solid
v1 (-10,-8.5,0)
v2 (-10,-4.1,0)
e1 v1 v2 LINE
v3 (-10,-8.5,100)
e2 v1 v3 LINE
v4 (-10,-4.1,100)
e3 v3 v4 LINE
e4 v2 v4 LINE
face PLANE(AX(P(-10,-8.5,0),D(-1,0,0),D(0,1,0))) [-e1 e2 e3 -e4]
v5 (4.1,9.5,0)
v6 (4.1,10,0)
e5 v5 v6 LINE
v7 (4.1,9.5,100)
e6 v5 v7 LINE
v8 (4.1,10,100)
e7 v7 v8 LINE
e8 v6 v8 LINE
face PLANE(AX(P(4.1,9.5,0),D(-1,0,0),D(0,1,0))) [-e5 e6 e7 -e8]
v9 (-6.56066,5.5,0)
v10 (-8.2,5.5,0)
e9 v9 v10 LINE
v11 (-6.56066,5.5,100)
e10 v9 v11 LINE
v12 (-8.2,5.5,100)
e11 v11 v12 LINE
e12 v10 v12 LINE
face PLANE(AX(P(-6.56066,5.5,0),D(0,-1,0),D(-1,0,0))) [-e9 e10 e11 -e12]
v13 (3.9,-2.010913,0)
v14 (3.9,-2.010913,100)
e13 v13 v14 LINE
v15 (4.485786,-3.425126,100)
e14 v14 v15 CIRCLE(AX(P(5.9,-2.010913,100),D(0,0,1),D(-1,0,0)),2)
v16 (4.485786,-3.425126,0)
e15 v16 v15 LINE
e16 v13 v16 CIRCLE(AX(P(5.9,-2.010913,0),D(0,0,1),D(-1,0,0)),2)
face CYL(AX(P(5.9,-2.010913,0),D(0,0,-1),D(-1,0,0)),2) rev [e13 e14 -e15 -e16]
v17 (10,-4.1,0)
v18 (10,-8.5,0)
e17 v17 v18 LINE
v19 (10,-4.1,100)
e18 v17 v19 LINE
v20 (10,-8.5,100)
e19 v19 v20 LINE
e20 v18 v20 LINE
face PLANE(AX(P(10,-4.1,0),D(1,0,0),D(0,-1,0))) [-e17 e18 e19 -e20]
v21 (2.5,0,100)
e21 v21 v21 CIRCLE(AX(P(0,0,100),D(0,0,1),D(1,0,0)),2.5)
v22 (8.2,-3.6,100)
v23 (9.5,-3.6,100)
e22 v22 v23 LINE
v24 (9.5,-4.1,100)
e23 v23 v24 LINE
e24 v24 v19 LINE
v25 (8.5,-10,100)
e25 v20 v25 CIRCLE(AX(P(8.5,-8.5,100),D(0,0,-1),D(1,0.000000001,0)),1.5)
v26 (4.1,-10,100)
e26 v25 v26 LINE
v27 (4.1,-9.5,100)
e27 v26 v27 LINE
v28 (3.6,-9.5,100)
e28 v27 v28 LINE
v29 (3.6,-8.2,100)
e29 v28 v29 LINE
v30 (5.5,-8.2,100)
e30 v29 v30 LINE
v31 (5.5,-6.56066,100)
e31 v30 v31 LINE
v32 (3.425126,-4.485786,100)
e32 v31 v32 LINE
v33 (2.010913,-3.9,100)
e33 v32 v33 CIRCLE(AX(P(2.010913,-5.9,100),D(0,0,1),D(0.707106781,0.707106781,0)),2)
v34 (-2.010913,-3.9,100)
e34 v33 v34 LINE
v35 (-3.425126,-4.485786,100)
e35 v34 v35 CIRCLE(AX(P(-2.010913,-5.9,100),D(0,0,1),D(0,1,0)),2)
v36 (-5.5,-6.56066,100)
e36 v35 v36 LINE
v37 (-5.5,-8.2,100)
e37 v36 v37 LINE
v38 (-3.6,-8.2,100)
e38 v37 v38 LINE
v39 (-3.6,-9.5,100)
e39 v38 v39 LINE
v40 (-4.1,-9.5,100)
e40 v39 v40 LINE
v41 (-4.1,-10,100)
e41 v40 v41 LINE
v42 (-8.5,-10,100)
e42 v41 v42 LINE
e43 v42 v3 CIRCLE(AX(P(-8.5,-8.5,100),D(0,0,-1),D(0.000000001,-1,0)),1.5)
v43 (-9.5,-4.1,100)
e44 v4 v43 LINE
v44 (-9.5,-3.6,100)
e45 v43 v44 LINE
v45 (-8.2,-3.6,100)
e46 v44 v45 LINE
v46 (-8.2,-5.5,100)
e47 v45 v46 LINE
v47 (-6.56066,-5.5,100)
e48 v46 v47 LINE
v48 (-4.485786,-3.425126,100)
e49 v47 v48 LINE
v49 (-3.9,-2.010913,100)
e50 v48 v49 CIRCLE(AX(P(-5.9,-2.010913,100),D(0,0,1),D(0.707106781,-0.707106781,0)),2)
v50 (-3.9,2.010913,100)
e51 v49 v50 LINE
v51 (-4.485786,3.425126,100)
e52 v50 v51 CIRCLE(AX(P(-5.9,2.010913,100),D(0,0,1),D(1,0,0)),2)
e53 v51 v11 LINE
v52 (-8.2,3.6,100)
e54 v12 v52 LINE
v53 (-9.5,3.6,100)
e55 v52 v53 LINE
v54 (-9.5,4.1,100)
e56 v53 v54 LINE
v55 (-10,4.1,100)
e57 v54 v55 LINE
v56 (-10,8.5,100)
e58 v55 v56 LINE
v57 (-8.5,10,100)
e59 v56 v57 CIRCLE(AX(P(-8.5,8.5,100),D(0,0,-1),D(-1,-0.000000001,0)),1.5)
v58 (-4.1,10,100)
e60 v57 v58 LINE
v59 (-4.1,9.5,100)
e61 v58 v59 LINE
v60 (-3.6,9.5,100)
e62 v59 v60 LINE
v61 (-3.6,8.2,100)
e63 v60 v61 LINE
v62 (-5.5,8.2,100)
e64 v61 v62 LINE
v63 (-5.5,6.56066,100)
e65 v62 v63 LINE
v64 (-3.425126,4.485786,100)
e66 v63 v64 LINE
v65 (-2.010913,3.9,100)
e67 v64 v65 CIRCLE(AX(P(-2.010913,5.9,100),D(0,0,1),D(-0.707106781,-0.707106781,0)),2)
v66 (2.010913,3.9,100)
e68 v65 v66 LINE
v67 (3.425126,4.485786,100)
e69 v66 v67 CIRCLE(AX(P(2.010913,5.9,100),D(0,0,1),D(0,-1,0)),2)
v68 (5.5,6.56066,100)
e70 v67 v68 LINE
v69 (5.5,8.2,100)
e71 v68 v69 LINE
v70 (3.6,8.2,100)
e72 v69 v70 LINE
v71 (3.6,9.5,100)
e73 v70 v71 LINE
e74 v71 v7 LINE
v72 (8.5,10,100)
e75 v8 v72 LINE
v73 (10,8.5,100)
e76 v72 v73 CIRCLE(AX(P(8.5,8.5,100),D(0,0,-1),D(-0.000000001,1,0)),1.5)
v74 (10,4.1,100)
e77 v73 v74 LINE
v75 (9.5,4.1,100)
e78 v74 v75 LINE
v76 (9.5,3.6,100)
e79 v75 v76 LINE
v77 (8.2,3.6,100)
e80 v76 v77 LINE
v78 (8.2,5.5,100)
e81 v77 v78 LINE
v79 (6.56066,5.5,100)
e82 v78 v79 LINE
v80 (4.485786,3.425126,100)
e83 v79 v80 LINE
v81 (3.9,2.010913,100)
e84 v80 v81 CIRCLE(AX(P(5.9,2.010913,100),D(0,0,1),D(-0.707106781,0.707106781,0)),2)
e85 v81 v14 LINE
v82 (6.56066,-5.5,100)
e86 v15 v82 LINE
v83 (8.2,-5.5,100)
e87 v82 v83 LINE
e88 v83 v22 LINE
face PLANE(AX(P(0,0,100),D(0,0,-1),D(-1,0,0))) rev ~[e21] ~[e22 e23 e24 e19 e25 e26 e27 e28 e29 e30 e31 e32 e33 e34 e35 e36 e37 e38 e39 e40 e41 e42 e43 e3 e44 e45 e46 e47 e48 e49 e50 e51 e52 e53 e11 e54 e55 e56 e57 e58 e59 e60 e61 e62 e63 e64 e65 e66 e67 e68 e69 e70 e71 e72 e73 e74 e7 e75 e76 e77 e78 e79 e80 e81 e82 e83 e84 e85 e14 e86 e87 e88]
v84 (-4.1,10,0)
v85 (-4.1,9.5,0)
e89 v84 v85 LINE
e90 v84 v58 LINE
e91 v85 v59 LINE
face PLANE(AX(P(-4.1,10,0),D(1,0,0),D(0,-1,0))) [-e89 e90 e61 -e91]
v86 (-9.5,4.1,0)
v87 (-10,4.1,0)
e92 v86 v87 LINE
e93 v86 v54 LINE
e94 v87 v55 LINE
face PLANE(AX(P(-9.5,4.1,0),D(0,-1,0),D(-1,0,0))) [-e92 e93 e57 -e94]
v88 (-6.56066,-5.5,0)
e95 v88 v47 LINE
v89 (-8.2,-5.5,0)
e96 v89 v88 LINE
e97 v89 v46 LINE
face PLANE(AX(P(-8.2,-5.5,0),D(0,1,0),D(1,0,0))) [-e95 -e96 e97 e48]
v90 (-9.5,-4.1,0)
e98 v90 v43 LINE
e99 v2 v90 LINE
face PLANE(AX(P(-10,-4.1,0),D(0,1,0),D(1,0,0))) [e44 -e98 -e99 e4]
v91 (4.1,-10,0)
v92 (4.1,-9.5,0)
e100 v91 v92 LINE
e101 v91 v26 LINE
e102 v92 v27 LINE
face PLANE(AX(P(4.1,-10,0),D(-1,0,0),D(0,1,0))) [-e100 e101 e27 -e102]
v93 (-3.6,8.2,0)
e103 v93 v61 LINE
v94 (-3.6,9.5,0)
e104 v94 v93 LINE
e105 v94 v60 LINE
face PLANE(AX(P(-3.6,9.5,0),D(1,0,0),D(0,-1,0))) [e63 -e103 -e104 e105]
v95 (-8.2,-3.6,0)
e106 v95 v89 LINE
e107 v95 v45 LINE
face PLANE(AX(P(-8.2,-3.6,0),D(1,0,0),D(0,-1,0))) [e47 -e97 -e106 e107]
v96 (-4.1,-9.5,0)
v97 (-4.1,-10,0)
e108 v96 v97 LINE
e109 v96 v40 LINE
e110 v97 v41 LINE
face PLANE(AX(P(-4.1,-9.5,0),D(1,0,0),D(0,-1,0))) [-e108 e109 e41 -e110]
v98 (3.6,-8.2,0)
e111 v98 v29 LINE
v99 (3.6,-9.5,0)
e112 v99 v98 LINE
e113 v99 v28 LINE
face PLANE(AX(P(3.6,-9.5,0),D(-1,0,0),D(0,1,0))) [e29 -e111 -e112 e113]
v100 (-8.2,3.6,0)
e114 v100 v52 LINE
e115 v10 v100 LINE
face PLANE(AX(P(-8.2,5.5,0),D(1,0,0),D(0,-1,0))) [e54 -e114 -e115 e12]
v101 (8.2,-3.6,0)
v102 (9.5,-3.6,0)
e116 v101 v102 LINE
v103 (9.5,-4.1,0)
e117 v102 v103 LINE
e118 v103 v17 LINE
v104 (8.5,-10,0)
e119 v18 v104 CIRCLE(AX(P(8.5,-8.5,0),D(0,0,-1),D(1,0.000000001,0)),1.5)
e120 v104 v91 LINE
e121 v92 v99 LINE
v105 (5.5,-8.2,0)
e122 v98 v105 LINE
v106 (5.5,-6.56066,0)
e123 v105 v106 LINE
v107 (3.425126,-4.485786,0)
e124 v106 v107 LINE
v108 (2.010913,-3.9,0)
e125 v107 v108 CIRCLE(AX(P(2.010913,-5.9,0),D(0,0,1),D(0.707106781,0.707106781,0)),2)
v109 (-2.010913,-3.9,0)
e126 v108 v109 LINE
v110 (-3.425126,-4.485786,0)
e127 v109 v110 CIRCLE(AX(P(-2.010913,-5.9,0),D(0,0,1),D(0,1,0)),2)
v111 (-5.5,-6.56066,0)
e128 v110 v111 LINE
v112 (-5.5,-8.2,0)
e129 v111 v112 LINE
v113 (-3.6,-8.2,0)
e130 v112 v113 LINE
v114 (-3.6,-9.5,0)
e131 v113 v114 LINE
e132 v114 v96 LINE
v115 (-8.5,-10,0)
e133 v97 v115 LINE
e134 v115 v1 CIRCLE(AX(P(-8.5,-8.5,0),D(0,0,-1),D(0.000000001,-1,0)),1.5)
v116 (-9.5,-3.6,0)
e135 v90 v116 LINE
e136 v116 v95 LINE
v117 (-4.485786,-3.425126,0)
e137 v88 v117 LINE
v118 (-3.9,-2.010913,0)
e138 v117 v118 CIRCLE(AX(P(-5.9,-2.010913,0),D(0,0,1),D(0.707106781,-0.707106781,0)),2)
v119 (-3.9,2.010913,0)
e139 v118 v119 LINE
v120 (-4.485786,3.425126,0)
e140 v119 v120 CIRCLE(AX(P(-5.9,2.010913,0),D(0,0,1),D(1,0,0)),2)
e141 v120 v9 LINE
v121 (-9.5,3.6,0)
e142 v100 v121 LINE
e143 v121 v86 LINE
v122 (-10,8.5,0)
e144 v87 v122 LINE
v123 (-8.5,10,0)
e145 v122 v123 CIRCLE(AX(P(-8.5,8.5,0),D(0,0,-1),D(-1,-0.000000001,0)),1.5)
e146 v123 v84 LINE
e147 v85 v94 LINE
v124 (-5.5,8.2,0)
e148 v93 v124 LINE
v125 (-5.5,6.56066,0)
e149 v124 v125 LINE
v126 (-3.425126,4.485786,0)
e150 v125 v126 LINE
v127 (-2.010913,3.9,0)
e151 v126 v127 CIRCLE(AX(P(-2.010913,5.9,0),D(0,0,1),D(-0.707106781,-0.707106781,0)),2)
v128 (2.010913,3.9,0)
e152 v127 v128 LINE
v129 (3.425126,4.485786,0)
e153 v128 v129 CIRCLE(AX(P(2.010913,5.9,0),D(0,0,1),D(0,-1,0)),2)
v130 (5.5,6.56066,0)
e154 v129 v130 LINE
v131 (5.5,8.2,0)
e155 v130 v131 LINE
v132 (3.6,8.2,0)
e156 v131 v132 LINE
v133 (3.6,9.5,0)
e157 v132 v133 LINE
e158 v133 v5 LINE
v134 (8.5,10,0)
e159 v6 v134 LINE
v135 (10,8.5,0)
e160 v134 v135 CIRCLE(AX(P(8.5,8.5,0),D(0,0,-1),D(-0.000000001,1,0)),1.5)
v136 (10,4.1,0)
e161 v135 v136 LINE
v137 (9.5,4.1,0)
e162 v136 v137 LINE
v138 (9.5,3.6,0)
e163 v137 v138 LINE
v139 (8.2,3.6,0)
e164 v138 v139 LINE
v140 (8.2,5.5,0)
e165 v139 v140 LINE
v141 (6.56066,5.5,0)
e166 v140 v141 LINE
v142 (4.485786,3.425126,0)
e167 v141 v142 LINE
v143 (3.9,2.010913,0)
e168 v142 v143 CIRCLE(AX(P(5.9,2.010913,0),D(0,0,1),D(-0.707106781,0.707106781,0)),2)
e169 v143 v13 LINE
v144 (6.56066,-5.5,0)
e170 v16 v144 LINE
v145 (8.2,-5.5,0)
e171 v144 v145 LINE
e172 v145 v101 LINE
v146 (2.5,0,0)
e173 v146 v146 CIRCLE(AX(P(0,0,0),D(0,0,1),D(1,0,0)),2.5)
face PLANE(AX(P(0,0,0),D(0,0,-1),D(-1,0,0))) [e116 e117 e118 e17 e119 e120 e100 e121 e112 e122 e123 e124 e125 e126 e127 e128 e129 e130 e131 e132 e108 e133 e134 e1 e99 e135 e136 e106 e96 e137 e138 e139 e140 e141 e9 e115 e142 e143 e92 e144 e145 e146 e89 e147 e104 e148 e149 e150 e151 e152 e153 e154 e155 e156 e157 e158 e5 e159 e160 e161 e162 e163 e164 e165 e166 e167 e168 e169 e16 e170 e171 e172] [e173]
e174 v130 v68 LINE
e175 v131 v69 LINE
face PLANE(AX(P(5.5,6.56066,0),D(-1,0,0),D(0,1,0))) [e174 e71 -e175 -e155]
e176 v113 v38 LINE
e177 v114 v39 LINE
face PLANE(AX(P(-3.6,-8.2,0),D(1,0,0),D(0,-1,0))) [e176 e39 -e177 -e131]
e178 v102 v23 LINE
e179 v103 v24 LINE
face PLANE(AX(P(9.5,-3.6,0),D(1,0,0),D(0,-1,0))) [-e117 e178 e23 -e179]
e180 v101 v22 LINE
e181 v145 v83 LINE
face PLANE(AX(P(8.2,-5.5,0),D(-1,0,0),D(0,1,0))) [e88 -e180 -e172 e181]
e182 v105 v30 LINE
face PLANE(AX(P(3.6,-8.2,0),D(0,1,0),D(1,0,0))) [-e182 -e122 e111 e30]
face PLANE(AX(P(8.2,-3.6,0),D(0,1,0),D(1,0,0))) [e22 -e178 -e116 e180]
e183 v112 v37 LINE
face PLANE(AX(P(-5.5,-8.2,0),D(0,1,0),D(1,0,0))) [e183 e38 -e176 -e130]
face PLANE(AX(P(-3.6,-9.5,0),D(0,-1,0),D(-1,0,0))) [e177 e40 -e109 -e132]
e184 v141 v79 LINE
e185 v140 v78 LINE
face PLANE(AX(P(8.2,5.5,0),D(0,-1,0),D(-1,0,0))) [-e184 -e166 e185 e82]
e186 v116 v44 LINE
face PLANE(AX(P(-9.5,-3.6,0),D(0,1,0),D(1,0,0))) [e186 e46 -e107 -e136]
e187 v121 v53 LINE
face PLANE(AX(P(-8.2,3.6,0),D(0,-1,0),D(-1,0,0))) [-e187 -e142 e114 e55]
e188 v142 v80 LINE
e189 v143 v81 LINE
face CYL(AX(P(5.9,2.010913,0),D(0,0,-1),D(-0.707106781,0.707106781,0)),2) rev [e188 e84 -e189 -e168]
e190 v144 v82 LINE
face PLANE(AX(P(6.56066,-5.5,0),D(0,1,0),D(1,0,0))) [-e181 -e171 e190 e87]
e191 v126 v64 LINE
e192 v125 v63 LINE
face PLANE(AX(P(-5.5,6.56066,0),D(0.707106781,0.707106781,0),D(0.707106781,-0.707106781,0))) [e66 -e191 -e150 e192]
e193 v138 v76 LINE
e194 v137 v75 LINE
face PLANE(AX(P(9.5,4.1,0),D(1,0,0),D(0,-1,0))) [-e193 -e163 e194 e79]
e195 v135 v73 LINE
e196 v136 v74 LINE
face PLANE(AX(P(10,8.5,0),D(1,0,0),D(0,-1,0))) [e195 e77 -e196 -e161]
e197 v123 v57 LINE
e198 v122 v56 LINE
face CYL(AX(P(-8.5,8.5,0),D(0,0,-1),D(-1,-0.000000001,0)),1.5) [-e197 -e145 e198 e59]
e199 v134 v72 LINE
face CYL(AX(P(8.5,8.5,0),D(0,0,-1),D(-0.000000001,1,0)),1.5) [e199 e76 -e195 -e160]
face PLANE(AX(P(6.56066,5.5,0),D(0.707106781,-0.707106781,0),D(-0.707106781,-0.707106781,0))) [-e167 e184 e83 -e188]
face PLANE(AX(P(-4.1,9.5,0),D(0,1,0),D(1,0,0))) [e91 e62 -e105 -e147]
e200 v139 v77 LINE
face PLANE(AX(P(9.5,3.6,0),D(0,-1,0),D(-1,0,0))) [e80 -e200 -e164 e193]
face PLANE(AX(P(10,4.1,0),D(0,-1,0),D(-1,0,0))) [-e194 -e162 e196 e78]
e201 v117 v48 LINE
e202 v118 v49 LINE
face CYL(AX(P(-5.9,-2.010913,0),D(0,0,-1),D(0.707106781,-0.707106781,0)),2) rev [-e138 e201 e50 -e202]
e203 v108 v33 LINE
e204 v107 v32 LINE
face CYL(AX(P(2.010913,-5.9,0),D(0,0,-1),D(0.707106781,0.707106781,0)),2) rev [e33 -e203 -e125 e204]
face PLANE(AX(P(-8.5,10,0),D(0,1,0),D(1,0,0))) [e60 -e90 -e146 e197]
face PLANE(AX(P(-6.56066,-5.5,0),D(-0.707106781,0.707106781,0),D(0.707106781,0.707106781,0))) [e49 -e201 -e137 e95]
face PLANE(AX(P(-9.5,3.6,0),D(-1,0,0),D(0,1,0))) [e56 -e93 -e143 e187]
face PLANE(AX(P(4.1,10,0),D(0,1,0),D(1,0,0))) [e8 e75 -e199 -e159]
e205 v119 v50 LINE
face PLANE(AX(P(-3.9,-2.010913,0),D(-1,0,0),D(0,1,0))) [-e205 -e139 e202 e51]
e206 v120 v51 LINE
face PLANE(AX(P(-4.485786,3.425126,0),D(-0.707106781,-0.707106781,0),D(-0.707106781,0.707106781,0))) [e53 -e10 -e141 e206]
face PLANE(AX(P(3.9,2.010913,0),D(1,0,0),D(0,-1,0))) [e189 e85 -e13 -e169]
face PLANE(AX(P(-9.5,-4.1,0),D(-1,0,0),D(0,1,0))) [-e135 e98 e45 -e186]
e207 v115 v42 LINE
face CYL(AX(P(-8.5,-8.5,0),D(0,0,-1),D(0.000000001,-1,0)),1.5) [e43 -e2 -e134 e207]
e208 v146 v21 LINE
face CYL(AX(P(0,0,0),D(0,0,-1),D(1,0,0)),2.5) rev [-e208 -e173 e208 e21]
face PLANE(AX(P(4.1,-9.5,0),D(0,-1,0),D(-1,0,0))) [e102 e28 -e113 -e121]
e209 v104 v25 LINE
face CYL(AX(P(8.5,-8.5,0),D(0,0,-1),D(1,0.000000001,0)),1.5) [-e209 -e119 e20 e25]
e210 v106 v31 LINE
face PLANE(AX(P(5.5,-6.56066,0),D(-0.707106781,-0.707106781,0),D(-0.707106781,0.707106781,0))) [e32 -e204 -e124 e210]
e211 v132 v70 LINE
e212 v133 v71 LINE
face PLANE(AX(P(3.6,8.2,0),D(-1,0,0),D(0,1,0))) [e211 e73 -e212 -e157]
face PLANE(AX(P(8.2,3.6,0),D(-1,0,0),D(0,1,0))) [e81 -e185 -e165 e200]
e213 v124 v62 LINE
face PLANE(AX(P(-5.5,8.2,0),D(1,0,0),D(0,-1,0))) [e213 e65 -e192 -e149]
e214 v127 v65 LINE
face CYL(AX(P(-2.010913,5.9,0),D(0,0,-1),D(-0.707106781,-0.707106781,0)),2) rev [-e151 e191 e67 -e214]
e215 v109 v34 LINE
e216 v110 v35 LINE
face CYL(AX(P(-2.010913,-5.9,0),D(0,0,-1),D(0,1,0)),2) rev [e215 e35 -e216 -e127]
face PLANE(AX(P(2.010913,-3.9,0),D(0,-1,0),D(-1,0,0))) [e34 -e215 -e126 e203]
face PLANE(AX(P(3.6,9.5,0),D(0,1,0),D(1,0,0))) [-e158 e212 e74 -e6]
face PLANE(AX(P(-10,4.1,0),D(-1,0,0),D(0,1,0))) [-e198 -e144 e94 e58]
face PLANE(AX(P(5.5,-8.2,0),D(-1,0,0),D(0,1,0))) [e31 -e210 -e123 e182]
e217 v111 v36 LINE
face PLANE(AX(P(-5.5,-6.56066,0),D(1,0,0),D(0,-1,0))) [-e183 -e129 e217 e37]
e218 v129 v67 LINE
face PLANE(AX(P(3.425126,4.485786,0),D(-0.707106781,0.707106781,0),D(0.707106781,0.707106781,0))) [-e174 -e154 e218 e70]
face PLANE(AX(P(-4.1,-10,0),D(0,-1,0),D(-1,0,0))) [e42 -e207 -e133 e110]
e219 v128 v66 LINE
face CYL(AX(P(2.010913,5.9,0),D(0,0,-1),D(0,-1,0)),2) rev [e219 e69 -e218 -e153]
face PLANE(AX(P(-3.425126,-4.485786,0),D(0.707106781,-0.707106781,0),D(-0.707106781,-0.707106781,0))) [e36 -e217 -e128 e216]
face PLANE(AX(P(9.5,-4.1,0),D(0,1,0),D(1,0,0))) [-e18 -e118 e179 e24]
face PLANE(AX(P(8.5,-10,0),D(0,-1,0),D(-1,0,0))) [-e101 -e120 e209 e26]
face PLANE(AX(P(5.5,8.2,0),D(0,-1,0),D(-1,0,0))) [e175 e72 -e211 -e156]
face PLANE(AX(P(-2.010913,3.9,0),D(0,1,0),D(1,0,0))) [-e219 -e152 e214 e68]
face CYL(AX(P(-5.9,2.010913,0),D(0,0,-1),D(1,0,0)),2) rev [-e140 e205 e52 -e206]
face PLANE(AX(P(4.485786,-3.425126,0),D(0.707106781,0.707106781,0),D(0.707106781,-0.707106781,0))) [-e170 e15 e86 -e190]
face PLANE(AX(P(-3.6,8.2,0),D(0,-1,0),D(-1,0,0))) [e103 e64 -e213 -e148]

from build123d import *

# Parameters (mm, degrees)
SKETCH1_R           = 2.5
BOSS_EXTRUDE2_DEPTH = 100


with BuildPart() as part:
    # Sketch1 → Boss-Extrude2 (new body)
    with BuildSketch(Plane.XY):
        with BuildLine():
            Line((10, -4.1), (10, -8.5))
            ThreePointArc((10, -8.5), (9.560660172, -9.560660172), (8.5, -10))
            Line((8.5, -10), (4.1, -10))
            Line((4.1, -10), (4.1, -9.5))
            Line((4.1, -9.5), (3.6, -9.5))
            Line((3.6, -9.5), (3.6, -8.2))
            Line((3.6, -8.2), (5.5, -8.2))
            Line((5.5, -8.2), (5.5, -6.560660172))
            Line((5.5, -6.560660172), (3.425126266, -4.485786438))
            ThreePointArc((3.425126266, -4.485786438), (2.776279568, -4.052240935), (2.010912703, -3.9))
            Line((2.010912703, -3.9), (-2.010912703, -3.9))
            ThreePointArc((-2.010912703, -3.9), (-2.776279568, -4.052240935), (-3.425126266, -4.485786438))
            Line((-3.425126266, -4.485786438), (-5.5, -6.560660172))
            Line((-5.5, -6.560660172), (-5.5, -8.2))
            Line((-5.5, -8.2), (-3.6, -8.2))
            Line((-3.6, -8.2), (-3.6, -9.5))
            Line((-3.6, -9.5), (-4.1, -9.5))
            Line((-4.1, -9.5), (-4.1, -10))
            Line((-4.1, -10), (-8.5, -10))
            ThreePointArc((-8.5, -10), (-9.560660172, -9.560660172), (-10, -8.5))
            Line((-10, -8.5), (-10, -4.1))
            Line((-10, -4.1), (-9.5, -4.1))
            Line((-9.5, -4.1), (-9.5, -3.6))
            Line((-9.5, -3.6), (-8.2, -3.6))
            Line((-8.2, -3.6), (-8.2, -5.5))
            Line((-8.2, -5.5), (-6.560660172, -5.5))
            Line((-6.560660172, -5.5), (-4.485786438, -3.425126266))
            ThreePointArc((-4.485786438, -3.425126266), (-4.052240935, -2.776279568), (-3.9, -2.010912703))
            Line((-3.9, -2.010912703), (-3.9, 2.010912703))
            ThreePointArc((-3.9, 2.010912703), (-4.052240935, 2.776279568), (-4.485786438, 3.425126266))
            Line((-4.485786438, 3.425126266), (-6.560660172, 5.5))
            Line((-6.560660172, 5.5), (-8.2, 5.5))
            Line((-8.2, 5.5), (-8.2, 3.6))
            Line((-8.2, 3.6), (-9.5, 3.6))
            Line((-9.5, 3.6), (-9.5, 4.1))
            Line((-9.5, 4.1), (-10, 4.1))
            Line((-10, 4.1), (-10, 8.5))
            ThreePointArc((-10, 8.5), (-9.560660172, 9.560660172), (-8.5, 10))
            Line((-8.5, 10), (-4.1, 10))
            Line((-4.1, 10), (-4.1, 9.5))
            Line((-4.1, 9.5), (-3.6, 9.5))
            Line((-3.6, 9.5), (-3.6, 8.2))
            Line((-3.6, 8.2), (-5.5, 8.2))
            Line((-5.5, 8.2), (-5.5, 6.560660172))
            Line((-5.5, 6.560660172), (-3.425126266, 4.485786438))
            ThreePointArc((-3.425126266, 4.485786438), (-2.776279568, 4.052240935), (-2.010912703, 3.9))
            Line((-2.010912703, 3.9), (2.010912703, 3.9))
            ThreePointArc((2.010912703, 3.9), (2.776279568, 4.052240935), (3.425126266, 4.485786438))
            Line((3.425126266, 4.485786438), (5.5, 6.560660172))
            Line((5.5, 6.560660172), (5.5, 8.2))
            Line((5.5, 8.2), (3.6, 8.2))
            Line((3.6, 8.2), (3.6, 9.5))
            Line((3.6, 9.5), (4.1, 9.5))
            Line((4.1, 9.5), (4.1, 10))
            Line((4.1, 10), (8.5, 10))
            ThreePointArc((8.5, 10), (9.560660172, 9.560660172), (10, 8.5))
            Line((10, 8.5), (10, 4.1))
            Line((10, 4.1), (9.5, 4.1))
            Line((9.5, 4.1), (9.5, 3.6))
            Line((9.5, 3.6), (8.2, 3.6))
            Line((8.2, 3.6), (8.2, 5.5))
            Line((8.2, 5.5), (6.560660172, 5.5))
            Line((6.560660172, 5.5), (4.485786438, 3.425126266))
            ThreePointArc((4.485786438, 3.425126266), (4.052240935, 2.776279568), (3.9, 2.010912703))
            Line((3.9, 2.010912703), (3.9, -2.010912703))
            ThreePointArc((3.9, -2.010912703), (4.052240935, -2.776279568), (4.485786438, -3.425126266))
            Line((4.485786438, -3.425126266), (6.560660172, -5.5))
            Line((6.560660172, -5.5), (8.2, -5.5))
            Line((8.2, -5.5), (8.2, -3.6))
            Line((8.2, -3.6), (9.5, -3.6))
            Line((9.5, -3.6), (9.5, -4.1))
            Line((9.5, -4.1), (10, -4.1))
        make_face()
        Circle(SKETCH1_R, mode=Mode.SUBTRACT)
    extrude(amount=BOSS_EXTRUDE2_DEPTH)


solid = part.part
